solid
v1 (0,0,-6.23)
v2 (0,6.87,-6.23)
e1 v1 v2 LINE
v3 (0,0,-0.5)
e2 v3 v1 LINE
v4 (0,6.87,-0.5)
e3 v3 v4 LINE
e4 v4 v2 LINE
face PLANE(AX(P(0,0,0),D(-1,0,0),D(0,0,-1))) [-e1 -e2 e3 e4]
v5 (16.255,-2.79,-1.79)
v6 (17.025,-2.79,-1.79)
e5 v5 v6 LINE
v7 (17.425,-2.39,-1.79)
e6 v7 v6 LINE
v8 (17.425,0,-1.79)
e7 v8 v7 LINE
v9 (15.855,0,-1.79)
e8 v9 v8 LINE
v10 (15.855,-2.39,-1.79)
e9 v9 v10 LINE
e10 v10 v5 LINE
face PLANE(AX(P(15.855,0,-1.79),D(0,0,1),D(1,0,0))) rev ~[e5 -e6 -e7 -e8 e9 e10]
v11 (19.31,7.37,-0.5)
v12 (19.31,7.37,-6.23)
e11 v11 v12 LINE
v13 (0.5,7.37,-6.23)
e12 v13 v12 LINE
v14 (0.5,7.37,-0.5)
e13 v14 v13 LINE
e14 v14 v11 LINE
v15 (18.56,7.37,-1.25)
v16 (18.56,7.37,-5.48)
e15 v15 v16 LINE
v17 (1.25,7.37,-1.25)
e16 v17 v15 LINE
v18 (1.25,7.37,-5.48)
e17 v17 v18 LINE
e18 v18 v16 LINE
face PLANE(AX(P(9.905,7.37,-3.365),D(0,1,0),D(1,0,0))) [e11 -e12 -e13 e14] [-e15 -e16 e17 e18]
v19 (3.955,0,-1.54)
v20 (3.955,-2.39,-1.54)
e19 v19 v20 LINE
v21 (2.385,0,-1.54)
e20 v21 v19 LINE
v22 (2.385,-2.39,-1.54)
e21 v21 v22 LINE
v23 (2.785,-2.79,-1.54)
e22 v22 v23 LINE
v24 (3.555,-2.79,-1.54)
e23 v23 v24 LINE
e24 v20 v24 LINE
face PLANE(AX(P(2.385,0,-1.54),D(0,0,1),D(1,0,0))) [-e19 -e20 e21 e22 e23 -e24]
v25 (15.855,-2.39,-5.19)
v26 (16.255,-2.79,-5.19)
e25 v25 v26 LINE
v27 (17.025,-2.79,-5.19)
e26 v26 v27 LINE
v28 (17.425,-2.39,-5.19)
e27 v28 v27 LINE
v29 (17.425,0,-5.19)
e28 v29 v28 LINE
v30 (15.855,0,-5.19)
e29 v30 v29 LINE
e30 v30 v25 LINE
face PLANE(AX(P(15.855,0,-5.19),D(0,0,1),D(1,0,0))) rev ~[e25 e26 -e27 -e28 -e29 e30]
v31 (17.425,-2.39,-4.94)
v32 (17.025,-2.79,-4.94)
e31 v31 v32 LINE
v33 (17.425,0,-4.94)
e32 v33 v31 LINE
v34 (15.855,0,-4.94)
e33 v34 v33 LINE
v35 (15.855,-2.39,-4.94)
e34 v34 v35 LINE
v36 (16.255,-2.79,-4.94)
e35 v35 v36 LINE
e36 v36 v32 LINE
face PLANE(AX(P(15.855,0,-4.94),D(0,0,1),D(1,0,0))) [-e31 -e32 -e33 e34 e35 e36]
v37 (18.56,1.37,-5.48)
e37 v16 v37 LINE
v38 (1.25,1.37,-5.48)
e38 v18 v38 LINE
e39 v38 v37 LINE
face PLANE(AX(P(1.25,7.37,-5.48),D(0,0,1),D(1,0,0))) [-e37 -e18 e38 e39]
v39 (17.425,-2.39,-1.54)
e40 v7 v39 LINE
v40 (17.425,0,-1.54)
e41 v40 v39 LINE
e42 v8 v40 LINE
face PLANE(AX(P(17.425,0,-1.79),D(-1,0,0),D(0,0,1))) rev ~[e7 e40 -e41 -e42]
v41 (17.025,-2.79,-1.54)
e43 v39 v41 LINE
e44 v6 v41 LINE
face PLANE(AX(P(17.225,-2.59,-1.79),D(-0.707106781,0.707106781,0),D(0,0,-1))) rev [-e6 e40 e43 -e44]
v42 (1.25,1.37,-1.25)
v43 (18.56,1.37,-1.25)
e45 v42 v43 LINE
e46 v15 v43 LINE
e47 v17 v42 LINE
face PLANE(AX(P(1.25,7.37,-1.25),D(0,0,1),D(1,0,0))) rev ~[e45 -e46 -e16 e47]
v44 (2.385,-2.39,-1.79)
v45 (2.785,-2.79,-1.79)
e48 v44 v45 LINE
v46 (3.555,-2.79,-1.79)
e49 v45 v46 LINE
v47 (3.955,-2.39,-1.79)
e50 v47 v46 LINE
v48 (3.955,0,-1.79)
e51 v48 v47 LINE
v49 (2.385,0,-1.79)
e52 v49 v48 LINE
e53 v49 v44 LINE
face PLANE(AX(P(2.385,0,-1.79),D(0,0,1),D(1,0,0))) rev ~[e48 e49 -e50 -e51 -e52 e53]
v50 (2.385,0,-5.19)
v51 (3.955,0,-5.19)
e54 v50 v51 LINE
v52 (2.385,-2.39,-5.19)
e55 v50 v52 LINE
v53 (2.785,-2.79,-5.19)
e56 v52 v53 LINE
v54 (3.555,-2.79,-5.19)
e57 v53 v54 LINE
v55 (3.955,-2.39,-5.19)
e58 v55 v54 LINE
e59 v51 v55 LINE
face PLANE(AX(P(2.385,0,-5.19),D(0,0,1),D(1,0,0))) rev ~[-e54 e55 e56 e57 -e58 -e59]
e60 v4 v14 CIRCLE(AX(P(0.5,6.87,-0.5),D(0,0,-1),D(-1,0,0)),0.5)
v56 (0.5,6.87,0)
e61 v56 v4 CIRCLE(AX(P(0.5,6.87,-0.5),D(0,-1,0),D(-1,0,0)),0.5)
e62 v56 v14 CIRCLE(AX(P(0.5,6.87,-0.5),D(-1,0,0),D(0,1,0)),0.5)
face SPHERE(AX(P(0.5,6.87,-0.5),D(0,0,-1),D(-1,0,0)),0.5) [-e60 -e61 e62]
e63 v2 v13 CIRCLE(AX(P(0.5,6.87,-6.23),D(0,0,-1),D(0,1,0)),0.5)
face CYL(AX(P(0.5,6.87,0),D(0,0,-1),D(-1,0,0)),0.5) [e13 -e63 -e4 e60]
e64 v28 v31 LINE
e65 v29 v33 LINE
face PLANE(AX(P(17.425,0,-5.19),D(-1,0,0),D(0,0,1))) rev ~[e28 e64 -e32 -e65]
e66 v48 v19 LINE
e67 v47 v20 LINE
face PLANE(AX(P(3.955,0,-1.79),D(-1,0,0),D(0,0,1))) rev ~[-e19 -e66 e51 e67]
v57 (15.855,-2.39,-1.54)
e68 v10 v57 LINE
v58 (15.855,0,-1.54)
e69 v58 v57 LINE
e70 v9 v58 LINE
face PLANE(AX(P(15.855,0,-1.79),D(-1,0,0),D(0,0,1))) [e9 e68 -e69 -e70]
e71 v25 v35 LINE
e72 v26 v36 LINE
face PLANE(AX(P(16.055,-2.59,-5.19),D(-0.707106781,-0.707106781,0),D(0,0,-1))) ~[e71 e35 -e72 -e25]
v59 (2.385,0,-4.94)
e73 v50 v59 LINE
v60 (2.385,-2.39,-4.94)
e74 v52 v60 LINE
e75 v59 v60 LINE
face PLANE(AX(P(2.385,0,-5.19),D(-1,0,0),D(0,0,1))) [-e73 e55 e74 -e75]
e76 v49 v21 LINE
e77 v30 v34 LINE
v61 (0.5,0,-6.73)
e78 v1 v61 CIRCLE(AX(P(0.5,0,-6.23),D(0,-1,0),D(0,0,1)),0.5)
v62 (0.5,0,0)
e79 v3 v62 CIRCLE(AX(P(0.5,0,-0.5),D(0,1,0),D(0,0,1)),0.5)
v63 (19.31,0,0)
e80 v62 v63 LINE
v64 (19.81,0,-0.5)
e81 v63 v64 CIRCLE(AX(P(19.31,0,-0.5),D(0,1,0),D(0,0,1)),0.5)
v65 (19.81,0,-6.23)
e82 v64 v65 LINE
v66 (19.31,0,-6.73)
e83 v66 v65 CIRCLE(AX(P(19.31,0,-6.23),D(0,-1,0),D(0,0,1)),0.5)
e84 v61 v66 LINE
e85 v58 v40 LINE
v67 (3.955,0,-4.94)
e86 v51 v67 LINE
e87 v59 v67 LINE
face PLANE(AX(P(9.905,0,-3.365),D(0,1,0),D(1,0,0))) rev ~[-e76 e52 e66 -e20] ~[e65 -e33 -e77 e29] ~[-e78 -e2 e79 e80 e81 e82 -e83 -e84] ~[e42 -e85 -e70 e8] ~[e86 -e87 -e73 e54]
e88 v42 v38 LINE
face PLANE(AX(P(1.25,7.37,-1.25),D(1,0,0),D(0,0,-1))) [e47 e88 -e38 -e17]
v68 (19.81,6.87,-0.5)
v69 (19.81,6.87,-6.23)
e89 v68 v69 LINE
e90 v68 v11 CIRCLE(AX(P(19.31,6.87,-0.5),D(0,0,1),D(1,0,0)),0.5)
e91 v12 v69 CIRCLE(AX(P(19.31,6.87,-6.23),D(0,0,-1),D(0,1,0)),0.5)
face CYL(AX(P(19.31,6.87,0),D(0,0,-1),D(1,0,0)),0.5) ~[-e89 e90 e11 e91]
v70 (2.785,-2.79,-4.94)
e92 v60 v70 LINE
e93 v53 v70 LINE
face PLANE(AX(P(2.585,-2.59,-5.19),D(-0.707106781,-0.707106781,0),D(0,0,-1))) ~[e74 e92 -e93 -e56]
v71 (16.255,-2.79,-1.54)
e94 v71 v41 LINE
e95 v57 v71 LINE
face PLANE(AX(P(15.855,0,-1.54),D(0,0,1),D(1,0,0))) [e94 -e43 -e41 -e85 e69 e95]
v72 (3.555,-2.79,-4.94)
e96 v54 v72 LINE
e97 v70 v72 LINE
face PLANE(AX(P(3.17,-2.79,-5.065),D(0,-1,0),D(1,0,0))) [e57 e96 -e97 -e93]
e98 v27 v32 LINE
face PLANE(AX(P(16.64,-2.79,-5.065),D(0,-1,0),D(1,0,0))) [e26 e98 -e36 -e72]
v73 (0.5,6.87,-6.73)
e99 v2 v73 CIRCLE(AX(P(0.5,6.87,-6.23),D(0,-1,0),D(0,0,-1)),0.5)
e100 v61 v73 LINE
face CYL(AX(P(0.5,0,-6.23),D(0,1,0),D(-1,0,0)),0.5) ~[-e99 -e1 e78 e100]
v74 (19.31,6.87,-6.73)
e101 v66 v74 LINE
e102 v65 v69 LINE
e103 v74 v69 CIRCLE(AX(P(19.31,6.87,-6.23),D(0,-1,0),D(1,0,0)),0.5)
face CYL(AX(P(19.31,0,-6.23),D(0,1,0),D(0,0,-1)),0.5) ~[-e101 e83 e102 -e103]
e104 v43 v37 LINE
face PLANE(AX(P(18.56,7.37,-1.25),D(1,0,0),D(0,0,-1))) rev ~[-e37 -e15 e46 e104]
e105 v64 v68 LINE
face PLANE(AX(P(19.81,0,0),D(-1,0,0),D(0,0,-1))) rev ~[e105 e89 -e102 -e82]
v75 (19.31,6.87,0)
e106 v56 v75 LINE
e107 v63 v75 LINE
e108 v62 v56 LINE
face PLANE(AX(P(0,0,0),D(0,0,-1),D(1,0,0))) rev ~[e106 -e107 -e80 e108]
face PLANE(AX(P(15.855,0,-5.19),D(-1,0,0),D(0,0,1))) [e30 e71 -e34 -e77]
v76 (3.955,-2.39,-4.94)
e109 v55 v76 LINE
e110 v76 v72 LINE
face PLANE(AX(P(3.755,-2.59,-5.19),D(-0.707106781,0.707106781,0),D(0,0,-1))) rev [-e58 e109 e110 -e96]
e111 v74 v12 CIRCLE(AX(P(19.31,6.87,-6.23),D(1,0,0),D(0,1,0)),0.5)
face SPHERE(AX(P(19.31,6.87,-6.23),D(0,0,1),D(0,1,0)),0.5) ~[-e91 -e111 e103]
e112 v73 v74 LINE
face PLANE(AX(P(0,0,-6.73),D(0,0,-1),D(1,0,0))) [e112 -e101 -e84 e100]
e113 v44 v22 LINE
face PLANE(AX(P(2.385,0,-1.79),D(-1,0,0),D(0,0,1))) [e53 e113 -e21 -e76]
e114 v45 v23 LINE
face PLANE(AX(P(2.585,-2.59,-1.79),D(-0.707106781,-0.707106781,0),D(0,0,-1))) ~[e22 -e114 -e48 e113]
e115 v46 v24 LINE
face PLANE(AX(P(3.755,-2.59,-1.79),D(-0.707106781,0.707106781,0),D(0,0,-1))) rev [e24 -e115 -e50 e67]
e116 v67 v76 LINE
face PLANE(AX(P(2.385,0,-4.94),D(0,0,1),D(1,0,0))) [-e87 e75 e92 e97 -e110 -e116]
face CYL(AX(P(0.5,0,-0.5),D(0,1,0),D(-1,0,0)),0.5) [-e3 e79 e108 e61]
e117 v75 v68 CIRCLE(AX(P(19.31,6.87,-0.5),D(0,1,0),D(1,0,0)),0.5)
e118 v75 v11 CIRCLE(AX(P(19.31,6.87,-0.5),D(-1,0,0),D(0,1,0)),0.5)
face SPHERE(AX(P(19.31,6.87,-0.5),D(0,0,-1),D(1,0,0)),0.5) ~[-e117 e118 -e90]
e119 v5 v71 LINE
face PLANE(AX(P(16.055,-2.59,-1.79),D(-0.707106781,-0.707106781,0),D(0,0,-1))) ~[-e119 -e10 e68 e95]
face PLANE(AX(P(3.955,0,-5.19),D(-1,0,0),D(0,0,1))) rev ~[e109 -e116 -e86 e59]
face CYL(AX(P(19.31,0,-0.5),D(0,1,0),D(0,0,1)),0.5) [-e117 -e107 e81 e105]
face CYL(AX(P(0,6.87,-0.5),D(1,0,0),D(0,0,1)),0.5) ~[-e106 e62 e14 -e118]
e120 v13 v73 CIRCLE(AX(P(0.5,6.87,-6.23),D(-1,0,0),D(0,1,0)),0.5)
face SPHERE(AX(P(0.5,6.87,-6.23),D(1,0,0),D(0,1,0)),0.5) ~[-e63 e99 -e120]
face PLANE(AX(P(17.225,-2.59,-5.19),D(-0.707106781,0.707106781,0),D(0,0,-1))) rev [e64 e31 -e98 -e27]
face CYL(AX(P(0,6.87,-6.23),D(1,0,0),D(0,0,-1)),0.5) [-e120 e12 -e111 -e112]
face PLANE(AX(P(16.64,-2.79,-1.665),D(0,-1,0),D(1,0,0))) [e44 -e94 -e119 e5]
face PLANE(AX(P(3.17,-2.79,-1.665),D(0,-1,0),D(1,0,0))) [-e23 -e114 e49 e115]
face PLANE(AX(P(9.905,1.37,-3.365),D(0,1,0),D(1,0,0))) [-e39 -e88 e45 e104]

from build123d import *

# Parameters (mm, degrees)
SKETCH1_W           = 19.81
SKETCH1_H           = 6.73
BOSS_EXTRUDE1_DEPTH = 7.37
SKETCH2_W           = 1.57
SKETCH2_H           = 0.25
BOSS_EXTRUDE2_DEPTH = 2.79
CHAMFER1_SIZE       = 0.4
SKETCH3_W           = 17.31
SKETCH3_H           = 4.23
CUT_EXTRUDE1_DEPTH  = 6
FILLET1_R           = 0.5


with BuildPart() as part:
    # Sketch1 → Boss-Extrude1 (new body)
    with BuildSketch(Plane(origin=(0, 0, 0), x_dir=(1, 0, 0), z_dir=(0, 1, 0))):
        with Locations((9.905, 3.365)):
            Rectangle(SKETCH1_W, SKETCH1_H)
    extrude(amount=BOSS_EXTRUDE1_DEPTH)

    # Sketch2 → Boss-Extrude2 (add)
    with BuildSketch(Plane.XZ):
        with Locations((3.17, -5.065)):
            Rectangle(SKETCH2_W, SKETCH2_H)
        with Locations((3.17, -1.665)):
            Rectangle(SKETCH2_W, SKETCH2_H)
        with Locations((16.64, -1.665)):
            Rectangle(SKETCH2_W, SKETCH2_H)
        with Locations((16.64, -5.065)):
            Rectangle(SKETCH2_W, SKETCH2_H)
    extrude(amount=BOSS_EXTRUDE2_DEPTH)

    # Chamfer1
    chamfer1_edges = [part.edges().sort_by_distance(p)[0] for p in [
        (3.955, -2.79, -5.065),
        (2.385, -2.79, -5.065),
        (3.955, -2.79, -1.665),
        (2.385, -2.79, -1.665),
        (17.425, -2.79, -1.665),
        (15.855, -2.79, -1.665),
        (17.425, -2.79, -5.065),
        (15.855, -2.79, -5.065),
    ]]
    chamfer(chamfer1_edges, length=CHAMFER1_SIZE)

    # Sketch3 → Cut-Extrude1 (cut)
    with BuildSketch(Plane(origin=(0, 7.37, 0), x_dir=(1, 0, 0), z_dir=(0, 1, 0))):
        with Locations((9.905, 3.365)):
            Rectangle(SKETCH3_W, SKETCH3_H)
    extrude(amount=-CUT_EXTRUDE1_DEPTH, mode=Mode.SUBTRACT)

    # Fillet1
    fillet1_edges = [part.edges().sort_by_distance(p)[0] for p in [
        (19.81, 7.37, -3.365),
        (9.905, 7.37, -6.73),
        (0, 7.37, -3.365),
        (0, 3.685, -6.73),
        (19.81, 3.685, -6.73),
        (19.81, 3.685, 0),
        (0, 3.685, 0),
        (9.905, 7.37, 0),
    ]]
    fillet(fillet1_edges, radius=FILLET1_R)


solid = part.part
